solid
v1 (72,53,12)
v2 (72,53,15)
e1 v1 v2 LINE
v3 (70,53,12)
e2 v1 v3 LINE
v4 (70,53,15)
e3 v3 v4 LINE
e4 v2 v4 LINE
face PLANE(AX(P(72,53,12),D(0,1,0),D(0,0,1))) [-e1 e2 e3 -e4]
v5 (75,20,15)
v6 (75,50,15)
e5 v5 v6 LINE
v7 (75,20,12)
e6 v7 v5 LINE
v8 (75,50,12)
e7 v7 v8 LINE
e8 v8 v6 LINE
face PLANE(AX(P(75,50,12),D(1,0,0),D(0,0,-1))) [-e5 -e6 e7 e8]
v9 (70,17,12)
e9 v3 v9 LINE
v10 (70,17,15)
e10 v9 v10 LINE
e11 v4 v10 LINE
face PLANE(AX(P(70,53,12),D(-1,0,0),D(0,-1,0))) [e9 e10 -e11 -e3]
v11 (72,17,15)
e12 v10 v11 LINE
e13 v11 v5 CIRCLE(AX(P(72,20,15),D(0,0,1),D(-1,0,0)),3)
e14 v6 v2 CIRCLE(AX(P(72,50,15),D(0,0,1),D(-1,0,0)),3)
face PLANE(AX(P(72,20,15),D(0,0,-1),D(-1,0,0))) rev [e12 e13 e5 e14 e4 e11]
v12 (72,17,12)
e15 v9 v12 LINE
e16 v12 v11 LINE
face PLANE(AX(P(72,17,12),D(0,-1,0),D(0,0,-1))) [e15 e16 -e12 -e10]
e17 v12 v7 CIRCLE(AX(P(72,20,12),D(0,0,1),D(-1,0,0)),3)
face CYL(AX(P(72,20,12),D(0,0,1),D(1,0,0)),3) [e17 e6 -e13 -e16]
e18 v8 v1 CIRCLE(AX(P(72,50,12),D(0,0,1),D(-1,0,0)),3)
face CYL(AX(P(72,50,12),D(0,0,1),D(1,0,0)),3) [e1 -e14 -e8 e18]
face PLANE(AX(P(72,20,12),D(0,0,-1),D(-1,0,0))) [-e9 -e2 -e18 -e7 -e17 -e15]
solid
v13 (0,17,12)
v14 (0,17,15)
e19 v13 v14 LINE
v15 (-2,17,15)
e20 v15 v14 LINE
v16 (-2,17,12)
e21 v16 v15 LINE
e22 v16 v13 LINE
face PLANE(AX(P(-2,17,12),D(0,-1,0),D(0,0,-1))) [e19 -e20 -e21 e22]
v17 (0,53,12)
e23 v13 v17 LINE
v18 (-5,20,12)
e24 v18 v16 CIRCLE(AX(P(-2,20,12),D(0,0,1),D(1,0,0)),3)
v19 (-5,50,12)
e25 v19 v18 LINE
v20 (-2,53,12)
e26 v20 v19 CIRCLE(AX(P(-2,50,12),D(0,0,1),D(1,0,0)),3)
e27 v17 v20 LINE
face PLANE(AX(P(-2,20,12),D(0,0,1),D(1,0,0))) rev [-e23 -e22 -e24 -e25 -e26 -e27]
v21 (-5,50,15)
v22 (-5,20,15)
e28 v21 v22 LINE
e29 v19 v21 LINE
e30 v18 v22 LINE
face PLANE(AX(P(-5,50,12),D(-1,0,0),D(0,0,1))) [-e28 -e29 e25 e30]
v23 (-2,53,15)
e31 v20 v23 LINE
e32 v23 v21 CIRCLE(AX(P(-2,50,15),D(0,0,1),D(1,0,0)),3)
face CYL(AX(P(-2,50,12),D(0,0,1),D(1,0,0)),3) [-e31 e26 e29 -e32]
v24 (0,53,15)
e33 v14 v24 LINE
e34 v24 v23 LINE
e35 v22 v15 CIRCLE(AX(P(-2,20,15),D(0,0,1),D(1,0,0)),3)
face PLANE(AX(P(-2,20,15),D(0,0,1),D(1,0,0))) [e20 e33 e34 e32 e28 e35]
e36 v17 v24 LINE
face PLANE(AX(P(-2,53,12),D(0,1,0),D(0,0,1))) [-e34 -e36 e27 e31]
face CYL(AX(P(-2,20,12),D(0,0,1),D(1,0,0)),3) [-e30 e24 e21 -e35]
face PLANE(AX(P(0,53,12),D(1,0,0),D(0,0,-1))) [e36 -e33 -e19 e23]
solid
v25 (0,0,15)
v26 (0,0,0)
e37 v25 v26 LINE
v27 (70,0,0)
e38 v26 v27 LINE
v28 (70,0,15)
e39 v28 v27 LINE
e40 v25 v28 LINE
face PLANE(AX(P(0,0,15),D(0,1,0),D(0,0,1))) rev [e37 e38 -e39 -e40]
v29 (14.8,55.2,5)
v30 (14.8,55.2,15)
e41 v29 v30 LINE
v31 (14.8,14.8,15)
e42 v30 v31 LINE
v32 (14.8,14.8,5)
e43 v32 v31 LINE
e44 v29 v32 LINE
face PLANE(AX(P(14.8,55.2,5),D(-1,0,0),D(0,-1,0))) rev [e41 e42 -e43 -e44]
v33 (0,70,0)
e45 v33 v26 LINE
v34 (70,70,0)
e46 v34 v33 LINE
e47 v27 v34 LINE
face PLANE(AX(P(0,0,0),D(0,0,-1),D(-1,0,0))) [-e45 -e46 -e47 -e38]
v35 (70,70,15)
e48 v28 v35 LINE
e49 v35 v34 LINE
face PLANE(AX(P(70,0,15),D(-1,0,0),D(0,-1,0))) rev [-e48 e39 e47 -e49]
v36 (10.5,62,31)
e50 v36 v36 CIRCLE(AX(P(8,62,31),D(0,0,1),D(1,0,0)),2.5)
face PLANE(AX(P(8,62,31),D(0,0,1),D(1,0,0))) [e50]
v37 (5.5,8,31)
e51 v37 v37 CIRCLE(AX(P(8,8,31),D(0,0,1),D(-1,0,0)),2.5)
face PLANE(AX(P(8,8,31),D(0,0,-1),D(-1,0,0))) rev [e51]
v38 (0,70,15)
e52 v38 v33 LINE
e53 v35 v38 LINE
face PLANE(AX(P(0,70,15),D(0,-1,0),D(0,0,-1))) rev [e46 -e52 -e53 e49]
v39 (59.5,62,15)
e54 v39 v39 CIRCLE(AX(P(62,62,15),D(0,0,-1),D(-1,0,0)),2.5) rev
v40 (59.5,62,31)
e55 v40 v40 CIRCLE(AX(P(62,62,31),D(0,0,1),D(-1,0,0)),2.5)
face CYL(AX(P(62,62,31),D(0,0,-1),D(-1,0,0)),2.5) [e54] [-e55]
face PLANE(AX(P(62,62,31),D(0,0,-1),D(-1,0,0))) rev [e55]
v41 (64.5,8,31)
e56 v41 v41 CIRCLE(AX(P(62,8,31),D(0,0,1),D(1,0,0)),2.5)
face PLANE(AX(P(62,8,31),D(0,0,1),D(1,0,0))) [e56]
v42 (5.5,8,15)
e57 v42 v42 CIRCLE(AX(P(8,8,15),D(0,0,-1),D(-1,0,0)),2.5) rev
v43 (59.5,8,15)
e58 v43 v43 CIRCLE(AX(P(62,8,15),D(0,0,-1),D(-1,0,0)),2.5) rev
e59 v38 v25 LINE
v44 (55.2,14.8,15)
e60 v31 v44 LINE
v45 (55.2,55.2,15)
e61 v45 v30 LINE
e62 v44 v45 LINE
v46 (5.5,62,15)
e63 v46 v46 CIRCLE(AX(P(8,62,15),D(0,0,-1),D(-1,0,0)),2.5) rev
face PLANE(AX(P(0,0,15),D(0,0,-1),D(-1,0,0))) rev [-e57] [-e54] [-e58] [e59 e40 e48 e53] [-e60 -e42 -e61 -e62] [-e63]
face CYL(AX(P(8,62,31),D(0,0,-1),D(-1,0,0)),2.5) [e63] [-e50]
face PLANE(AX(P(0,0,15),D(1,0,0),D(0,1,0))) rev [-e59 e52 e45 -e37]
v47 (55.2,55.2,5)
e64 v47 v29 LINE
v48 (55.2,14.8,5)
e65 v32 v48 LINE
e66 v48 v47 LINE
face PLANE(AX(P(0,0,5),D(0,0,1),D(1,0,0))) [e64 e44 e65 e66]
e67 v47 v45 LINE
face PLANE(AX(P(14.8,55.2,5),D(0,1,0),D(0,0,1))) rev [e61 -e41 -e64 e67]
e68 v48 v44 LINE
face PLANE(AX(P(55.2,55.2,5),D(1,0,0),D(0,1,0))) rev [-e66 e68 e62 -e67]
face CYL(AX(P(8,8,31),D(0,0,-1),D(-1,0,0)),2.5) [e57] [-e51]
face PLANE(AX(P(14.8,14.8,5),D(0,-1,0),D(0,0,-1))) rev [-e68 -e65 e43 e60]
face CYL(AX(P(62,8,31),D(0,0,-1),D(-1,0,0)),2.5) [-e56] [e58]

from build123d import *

# Parameters (mm, degrees)
SKETCH_1_W          = 70
SKETCH_1_H          = 70
EXTRUDE_1_DEPTH     = 15
SKETCH_2_W          = 40.4
SKETCH_2_H          = 40.4
CUT_EXTRUDE_1_DEPTH = 10
SKETCH_3_R          = 2.5
EXTRUDE_2_DEPTH     = 16
EXTRUDE_3_DEPTH     = 3
EXTRUDE_3_2_DEPTH   = 3


with BuildPart() as part:
    # 草图1 → 凸台-拉伸1 (new body)
    with BuildSketch(Plane.XY):
        with Locations((35, 35)):
            Rectangle(SKETCH_1_W, SKETCH_1_H)
    extrude(amount=EXTRUDE_1_DEPTH)

    # 草图2 → 切除-拉伸1 (cut)
    with BuildSketch(Plane.XY.offset(15)):
        with Locations((35, 35)):
            Rectangle(SKETCH_2_W, SKETCH_2_H)
    extrude(amount=-CUT_EXTRUDE_1_DEPTH, mode=Mode.SUBTRACT)

    # 草图3 → 凸台-拉伸2 (add)
    with BuildSketch(Plane.XY.offset(15)):
        with Locations((8, 62)):
            Circle(SKETCH_3_R)
        with Locations((62, 62)):
            Circle(SKETCH_3_R)
        with Locations((62, 8)):
            Circle(SKETCH_3_R)
        with Locations((8, 8)):
            Circle(SKETCH_3_R)
    extrude(amount=EXTRUDE_2_DEPTH)


with BuildPart() as body_2:
    # 草图5 → 凸台-拉伸3 (new body)
    with BuildSketch(Plane.XY.offset(15)):
        with BuildLine():
            Line((-2, 53), (0, 53))
            Line((0, 53), (0, 17))
            Line((0, 17), (-2, 17))
            ThreePointArc((-2, 17), (-4.121320344, 17.878679656), (-5, 20))
            Line((-5, 20), (-5, 50))
            ThreePointArc((-5, 50), (-4.121320344, 52.121320344), (-2, 53))
        make_face()
    extrude(amount=-EXTRUDE_3_DEPTH)


with BuildPart() as body_3:
    # 草图5 → Extrude 3 2 (new body)
    with BuildSketch(Plane.XY.offset(15)):
        with BuildLine():
            Line((72, 17), (70, 17))
            Line((70, 17), (70, 53))
            Line((70, 53), (72, 53))
            ThreePointArc((72, 53), (74.121320344, 52.121320344), (75, 50))
            Line((75, 50), (75, 20))
            ThreePointArc((75, 20), (74.121320344, 17.878679656), (72, 17))
        make_face()
    extrude(amount=-EXTRUDE_3_2_DEPTH)


solid = Compound([part.part, body_2.part, body_3.part])
